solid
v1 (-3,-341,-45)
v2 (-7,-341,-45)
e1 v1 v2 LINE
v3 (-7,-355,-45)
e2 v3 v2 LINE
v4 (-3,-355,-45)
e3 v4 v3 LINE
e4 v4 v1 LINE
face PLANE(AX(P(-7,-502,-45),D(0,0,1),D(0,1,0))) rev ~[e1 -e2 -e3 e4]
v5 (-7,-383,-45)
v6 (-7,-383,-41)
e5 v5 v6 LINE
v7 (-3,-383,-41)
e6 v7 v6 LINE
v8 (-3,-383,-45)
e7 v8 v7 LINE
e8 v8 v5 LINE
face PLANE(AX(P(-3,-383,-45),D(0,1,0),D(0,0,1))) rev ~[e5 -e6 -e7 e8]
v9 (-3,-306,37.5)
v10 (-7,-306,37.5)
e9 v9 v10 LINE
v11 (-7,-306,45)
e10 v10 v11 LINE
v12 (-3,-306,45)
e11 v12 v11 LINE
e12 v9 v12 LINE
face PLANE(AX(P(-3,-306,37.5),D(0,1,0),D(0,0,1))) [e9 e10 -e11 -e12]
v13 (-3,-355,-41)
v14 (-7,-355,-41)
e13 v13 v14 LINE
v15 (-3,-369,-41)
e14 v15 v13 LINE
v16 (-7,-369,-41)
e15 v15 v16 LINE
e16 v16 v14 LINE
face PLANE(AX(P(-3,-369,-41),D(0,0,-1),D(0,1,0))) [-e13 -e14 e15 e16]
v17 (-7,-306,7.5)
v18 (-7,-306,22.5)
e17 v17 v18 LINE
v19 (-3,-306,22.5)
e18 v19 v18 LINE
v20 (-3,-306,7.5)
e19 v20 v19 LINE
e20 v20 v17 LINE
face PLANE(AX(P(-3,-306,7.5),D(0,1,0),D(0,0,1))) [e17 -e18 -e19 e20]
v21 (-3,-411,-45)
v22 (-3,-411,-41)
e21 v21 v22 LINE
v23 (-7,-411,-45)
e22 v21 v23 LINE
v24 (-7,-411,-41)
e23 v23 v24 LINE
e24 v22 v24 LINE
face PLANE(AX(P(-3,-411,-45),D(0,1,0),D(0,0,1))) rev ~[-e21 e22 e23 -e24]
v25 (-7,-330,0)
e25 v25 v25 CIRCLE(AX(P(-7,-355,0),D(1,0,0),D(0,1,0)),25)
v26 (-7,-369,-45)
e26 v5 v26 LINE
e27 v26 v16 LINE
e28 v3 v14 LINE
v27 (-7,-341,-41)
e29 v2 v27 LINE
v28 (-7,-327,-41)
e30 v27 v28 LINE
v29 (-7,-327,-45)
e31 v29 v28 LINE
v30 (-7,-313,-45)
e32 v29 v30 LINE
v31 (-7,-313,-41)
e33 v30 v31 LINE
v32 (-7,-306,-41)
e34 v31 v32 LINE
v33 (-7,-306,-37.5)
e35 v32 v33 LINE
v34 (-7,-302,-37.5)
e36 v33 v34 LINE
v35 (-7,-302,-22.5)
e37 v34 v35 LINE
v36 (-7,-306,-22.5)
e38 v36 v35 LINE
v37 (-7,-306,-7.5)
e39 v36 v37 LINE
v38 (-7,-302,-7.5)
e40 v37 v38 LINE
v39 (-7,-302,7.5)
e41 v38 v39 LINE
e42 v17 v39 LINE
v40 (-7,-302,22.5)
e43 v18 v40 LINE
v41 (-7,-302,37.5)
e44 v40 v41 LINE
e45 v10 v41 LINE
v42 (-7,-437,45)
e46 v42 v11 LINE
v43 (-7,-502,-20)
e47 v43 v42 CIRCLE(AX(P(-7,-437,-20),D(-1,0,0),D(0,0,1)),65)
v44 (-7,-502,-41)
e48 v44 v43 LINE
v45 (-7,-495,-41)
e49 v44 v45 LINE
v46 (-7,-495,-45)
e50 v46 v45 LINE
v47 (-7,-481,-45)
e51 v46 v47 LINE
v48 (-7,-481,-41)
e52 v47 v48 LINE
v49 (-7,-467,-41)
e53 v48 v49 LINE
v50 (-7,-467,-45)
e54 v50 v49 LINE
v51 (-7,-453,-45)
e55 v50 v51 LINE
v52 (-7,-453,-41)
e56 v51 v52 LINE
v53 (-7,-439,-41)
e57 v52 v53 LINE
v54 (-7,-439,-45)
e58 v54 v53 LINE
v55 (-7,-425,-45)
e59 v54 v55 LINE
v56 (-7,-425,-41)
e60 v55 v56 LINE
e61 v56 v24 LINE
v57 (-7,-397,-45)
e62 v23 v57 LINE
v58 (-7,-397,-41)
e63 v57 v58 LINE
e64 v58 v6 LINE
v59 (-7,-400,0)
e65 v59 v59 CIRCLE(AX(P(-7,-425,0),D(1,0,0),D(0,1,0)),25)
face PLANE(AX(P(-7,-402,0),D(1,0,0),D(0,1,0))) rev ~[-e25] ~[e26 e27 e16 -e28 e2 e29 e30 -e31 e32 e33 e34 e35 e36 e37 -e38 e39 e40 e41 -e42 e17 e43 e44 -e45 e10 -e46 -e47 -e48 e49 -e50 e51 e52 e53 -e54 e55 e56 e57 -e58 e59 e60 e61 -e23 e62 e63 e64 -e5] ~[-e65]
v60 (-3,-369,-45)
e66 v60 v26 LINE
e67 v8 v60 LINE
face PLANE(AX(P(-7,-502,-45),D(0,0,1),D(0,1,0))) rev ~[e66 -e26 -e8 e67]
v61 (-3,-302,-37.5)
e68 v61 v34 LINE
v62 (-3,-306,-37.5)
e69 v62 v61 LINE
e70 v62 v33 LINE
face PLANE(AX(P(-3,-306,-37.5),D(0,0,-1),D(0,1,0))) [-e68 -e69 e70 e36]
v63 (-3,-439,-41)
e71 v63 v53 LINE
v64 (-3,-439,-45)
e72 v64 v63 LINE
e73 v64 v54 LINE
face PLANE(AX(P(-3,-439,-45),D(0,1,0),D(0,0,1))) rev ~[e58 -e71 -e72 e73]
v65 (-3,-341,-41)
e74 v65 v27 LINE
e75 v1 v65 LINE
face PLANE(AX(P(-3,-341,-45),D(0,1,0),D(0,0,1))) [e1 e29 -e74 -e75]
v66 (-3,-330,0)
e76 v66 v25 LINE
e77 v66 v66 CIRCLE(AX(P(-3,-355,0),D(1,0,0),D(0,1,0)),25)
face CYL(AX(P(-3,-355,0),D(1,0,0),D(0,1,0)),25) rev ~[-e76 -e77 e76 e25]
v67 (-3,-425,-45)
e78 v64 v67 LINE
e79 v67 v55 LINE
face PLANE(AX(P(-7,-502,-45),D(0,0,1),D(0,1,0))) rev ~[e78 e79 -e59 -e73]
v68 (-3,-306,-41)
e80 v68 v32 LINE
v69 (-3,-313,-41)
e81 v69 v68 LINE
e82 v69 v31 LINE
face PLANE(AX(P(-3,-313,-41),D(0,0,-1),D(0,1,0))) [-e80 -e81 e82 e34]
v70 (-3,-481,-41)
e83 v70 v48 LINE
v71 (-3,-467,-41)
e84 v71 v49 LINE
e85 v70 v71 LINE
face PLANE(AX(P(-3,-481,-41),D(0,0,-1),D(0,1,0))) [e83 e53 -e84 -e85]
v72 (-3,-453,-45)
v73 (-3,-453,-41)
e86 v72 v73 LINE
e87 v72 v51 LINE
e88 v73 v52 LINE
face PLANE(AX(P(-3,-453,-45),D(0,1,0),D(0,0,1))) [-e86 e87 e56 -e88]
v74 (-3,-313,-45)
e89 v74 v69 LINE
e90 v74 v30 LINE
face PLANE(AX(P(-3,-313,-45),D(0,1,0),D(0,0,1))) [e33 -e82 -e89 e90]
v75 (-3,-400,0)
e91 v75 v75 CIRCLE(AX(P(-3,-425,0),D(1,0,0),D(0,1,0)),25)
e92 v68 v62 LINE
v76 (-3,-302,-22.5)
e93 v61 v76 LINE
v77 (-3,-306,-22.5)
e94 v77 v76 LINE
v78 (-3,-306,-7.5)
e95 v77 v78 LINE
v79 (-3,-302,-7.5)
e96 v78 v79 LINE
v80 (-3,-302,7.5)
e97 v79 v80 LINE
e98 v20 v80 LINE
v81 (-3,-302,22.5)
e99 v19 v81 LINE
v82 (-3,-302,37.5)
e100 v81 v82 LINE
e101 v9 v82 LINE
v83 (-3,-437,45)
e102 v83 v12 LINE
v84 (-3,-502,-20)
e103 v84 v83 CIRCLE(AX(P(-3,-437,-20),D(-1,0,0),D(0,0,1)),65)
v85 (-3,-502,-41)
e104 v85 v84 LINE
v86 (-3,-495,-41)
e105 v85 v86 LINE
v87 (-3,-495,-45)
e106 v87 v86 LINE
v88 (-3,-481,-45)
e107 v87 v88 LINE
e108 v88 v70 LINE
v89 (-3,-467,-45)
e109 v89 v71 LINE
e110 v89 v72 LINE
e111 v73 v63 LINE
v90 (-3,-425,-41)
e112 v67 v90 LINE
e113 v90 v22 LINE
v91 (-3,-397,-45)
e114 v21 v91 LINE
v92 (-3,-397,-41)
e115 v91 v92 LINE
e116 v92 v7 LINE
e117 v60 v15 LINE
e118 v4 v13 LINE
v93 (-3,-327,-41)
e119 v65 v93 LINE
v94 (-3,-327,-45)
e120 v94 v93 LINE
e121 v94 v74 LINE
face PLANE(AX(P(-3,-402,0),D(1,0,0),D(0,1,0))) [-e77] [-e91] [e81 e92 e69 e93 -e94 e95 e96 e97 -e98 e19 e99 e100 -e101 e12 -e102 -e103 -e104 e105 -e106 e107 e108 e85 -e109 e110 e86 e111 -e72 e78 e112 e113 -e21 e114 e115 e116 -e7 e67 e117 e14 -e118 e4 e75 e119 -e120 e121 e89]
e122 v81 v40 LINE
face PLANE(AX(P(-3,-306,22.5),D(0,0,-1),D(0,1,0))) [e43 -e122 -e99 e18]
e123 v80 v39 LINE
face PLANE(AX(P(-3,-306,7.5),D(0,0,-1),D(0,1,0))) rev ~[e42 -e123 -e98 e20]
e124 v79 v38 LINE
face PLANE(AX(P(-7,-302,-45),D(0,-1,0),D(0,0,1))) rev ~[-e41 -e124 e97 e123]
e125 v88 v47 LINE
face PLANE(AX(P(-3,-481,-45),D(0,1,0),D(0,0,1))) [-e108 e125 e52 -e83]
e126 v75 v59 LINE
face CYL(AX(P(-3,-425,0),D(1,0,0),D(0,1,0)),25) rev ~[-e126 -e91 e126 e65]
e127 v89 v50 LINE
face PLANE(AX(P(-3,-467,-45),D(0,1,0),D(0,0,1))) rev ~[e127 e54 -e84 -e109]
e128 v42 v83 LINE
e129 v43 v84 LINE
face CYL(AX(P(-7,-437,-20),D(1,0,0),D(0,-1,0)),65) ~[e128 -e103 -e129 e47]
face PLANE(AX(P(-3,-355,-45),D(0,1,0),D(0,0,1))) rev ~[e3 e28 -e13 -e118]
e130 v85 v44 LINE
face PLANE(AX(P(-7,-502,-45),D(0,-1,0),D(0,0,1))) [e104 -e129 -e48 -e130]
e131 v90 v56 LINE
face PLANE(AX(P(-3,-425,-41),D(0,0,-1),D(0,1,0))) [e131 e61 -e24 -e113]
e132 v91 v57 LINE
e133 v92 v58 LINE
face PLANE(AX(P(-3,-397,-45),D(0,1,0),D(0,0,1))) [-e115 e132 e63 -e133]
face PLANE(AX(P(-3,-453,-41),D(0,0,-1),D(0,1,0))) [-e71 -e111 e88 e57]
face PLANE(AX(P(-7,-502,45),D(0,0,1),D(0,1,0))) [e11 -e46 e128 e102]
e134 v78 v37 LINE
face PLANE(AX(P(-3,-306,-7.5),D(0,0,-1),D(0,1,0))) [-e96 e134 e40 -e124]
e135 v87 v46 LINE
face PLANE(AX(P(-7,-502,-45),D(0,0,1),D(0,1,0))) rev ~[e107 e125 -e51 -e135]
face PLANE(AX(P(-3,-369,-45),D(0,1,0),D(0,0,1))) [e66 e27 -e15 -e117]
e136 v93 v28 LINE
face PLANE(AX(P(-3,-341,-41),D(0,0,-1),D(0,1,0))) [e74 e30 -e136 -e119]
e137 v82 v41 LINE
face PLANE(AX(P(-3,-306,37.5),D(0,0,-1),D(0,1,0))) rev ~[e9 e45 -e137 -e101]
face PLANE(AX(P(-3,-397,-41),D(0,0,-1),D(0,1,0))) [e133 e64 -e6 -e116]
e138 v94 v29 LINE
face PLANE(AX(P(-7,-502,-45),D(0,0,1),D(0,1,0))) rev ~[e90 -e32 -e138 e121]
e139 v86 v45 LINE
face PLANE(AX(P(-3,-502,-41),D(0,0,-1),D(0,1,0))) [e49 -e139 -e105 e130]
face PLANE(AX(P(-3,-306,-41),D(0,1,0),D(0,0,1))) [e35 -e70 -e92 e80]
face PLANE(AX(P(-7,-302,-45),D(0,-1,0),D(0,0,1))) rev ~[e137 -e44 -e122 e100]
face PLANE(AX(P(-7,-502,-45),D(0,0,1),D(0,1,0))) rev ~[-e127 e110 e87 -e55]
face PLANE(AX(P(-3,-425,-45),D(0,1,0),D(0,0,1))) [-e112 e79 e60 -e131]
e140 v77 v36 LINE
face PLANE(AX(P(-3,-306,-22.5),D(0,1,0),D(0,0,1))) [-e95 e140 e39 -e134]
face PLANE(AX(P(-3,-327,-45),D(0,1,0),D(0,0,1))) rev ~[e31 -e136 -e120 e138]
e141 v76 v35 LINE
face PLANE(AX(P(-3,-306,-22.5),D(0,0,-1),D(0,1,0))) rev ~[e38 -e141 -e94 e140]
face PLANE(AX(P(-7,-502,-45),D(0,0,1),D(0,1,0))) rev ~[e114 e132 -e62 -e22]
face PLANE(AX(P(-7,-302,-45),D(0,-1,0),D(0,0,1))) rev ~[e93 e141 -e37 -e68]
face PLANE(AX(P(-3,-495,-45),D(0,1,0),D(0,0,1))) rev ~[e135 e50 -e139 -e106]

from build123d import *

# Parameters (mm, degrees)
SKETCH072_W     = 200
SKETCH072_H     = 90
PAD036_DEPTH    = 4
SKETCH073_R     = 25
SKETCH073_W     = 7
SKETCH073_H     = 4
SKETCH073_W_2   = 14
SKETCH073_W_3   = 4
SKETCH073_H_2   = 15
SKETCH073_H_3   = 7.5
POCKET032_DEPTH = 4
FILLET003_R     = 65


with BuildPart() as part:
    # Sketch072 → Pad036 (new body)
    with BuildSketch(Plane.YZ):
        Rectangle(SKETCH072_W, SKETCH072_H)
    extrude(amount=PAD036_DEPTH)

    # Sketch073 (on Face6 of Pad036) → Pocket032 (cut)
    with BuildSketch(Plane.YZ.offset(4)):
        with Locations((-23, 0)):
            Circle(SKETCH073_R)
        with Locations((47, 0)):
            Circle(SKETCH073_R)
        with Locations((-96.5, -43)):
            Rectangle(SKETCH073_W, SKETCH073_H)
        with Locations((-72, -43)):
            Rectangle(SKETCH073_W_2, SKETCH073_H)
        with Locations((-44, -43)):
            Rectangle(SKETCH073_W_2, SKETCH073_H)
        with Locations((-16, -43)):
            Rectangle(SKETCH073_W_2, SKETCH073_H)
        with Locations((12, -43)):
            Rectangle(SKETCH073_W_2, SKETCH073_H)
        with Locations((40, -43)):
            Rectangle(SKETCH073_W_2, SKETCH073_H)
        with Locations((68, -43)):
            Rectangle(SKETCH073_W_2, SKETCH073_H)
        with Locations((98, -15)):
            Rectangle(SKETCH073_W_3, SKETCH073_H_2)
        with Locations((98, 15)):
            Rectangle(SKETCH073_W_3, SKETCH073_H_2)
        with Locations((98, 41.25)):
            Rectangle(SKETCH073_W_3, SKETCH073_H_3)
        Polygon((89, -45), (89, -41), (96, -41), (96, -37.5), (100, -37.5), (100, -45), align=None)
    extrude(amount=-POCKET032_DEPTH, mode=Mode.SUBTRACT)

    # Fillet003
    fillet003_edges = [part.edges().sort_by_distance(p)[0] for p in [
        (2, -100, 45),
    ]]
    fillet(fillet003_edges, radius=FILLET003_R)


with BuildPart() as part_1:
    # Body036 placement: moved
    add(part.part.moved(Location((-7, -402, 0))))


solid = part_1.part
